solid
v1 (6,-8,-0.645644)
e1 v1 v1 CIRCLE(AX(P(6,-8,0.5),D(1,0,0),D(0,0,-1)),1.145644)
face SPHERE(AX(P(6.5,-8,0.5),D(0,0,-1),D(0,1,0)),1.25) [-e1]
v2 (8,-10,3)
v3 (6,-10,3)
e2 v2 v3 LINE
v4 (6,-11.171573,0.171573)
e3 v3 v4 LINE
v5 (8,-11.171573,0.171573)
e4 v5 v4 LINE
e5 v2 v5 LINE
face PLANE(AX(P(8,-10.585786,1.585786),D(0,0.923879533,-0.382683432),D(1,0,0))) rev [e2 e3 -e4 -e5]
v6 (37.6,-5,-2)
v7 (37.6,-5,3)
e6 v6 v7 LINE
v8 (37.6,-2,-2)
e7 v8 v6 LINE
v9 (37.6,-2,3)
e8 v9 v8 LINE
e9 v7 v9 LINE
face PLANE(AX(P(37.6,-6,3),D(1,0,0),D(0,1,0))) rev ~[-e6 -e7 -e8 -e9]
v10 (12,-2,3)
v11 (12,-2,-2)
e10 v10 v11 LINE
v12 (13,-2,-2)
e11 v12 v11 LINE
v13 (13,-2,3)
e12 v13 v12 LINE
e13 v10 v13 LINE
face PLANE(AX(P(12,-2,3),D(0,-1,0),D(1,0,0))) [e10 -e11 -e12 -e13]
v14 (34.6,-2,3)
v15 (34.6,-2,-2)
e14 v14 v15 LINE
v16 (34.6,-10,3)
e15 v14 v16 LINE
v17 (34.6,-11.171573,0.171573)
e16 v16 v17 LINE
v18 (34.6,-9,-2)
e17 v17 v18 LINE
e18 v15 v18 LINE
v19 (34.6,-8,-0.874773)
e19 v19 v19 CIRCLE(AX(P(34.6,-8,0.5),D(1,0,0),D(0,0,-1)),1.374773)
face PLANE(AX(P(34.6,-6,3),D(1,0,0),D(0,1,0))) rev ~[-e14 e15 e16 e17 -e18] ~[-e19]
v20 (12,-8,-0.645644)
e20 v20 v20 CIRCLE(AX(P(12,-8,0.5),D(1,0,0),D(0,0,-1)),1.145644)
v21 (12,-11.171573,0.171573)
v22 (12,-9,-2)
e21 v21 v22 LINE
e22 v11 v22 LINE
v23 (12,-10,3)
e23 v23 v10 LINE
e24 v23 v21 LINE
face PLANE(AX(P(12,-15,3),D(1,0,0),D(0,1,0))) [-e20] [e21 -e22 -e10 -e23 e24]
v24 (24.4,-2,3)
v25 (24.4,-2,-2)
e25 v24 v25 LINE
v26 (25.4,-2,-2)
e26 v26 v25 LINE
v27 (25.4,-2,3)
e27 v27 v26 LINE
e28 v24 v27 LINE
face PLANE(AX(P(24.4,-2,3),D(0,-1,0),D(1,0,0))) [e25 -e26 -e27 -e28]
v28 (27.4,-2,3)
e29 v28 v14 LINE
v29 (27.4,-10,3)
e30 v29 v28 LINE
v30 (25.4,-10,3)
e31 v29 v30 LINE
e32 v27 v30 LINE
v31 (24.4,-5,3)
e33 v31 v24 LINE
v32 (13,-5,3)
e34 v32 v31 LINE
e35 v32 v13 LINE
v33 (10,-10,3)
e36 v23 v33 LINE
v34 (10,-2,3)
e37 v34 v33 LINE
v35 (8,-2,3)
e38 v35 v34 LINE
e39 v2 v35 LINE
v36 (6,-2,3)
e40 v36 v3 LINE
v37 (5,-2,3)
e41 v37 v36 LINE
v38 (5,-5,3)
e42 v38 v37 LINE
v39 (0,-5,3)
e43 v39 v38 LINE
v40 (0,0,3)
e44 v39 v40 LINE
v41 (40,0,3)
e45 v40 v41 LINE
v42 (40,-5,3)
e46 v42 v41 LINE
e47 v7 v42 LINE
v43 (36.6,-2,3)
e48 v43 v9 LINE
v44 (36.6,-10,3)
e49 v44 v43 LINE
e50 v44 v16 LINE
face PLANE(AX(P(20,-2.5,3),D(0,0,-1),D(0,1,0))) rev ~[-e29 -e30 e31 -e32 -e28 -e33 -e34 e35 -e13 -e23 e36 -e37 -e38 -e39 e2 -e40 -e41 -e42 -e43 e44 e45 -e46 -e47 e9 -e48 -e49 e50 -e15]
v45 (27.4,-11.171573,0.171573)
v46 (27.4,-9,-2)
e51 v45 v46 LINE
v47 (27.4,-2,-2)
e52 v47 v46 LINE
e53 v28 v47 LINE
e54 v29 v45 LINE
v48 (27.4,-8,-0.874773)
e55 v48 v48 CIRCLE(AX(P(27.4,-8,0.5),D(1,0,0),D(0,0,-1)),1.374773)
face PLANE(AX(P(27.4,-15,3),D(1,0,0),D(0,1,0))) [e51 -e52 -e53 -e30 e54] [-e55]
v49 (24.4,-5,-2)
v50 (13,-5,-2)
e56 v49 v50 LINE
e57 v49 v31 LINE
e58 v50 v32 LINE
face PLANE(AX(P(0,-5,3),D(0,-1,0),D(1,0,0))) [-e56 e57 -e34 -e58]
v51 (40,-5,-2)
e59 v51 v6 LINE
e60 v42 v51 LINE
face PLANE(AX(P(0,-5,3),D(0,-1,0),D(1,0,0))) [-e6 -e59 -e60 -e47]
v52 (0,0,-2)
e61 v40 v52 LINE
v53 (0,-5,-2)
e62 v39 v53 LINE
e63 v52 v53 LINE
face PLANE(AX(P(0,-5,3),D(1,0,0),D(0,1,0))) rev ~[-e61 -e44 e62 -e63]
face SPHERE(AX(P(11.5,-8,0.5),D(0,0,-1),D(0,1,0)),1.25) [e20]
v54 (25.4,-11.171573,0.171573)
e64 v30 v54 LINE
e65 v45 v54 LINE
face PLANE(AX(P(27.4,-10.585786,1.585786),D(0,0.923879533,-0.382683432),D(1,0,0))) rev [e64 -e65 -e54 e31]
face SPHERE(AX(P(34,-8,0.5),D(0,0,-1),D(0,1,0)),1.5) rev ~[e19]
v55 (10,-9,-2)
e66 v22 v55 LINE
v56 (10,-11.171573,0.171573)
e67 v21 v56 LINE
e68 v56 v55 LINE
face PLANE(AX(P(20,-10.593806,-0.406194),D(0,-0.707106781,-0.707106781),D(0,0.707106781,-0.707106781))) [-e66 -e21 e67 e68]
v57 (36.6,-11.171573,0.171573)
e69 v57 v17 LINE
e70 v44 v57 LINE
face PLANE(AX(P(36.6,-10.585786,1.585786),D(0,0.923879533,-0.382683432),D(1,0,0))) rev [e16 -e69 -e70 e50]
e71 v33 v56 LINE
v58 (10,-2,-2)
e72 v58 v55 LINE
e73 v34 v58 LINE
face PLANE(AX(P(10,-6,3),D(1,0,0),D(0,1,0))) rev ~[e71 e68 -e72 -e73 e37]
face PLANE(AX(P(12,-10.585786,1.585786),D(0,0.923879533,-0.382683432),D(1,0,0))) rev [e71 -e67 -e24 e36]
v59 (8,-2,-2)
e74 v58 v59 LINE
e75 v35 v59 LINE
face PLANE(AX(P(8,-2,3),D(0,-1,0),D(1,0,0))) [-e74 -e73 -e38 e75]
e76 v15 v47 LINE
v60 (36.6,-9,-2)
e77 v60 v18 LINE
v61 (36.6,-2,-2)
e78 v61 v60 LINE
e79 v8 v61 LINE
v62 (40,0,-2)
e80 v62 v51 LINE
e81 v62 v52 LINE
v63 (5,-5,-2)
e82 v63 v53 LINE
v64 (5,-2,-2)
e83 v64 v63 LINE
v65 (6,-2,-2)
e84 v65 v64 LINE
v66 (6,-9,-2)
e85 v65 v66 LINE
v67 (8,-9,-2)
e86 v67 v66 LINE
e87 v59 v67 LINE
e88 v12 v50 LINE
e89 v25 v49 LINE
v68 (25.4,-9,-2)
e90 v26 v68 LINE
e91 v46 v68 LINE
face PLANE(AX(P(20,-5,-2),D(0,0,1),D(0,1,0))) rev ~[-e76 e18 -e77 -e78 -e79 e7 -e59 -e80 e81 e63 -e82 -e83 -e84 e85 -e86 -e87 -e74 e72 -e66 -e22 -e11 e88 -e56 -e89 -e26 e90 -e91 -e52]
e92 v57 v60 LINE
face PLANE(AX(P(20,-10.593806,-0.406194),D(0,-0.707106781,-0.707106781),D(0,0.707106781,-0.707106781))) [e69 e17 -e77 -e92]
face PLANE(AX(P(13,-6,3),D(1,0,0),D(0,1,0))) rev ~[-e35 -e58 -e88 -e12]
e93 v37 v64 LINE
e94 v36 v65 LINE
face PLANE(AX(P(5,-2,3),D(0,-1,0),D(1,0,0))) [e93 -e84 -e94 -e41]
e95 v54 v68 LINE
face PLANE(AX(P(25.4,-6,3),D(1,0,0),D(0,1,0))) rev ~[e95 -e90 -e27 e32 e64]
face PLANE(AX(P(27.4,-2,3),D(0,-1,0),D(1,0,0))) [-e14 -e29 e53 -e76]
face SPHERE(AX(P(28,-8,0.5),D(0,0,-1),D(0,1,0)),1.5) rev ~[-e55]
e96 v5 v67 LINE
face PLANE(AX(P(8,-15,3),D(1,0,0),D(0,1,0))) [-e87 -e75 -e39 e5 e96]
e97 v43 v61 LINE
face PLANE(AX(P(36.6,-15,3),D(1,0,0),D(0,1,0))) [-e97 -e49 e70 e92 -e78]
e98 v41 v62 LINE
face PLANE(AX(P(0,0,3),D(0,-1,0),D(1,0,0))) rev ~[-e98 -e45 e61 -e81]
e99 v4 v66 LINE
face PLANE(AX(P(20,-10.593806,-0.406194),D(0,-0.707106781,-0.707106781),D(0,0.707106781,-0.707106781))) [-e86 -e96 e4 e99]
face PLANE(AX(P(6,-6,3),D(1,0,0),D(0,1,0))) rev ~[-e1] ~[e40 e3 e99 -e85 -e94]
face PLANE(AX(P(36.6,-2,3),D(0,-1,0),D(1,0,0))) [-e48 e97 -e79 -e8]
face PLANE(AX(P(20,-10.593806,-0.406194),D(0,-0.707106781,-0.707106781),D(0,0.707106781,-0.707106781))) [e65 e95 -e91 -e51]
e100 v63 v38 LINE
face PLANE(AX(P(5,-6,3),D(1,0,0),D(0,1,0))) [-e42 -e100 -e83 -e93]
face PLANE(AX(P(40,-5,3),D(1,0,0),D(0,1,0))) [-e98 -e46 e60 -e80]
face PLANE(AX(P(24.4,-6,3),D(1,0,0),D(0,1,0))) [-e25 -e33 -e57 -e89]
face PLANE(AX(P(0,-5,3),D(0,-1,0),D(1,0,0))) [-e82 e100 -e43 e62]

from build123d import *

# Parameters (mm, degrees)
BOX118_W               = 12
BOX118_H               = 44
BOX118_DEPTH           = 10
BOX114_W               = 4
BOX114_H               = 1
BOX114_DEPTH           = 7
BOX116_W               = 4
BOX116_H               = 1
BOX116_DEPTH           = 7
BOX113_W               = 4
BOX113_H               = 2
BOX113_DEPTH           = 7
BOX115_W               = 4
BOX115_H               = 1
BOX115_DEPTH           = 7
BOX112_W               = 4
BOX112_H               = 1
BOX112_DEPTH           = 7
BOX117_W               = 4
BOX117_H               = 7.2
BOX117_DEPTH           = 7
BOX111_W               = 13
BOX111_H               = 40
BOX111_DEPTH           = 10
BOX111_PITCH_ANGLE     = -45
BOX110_W               = 10
BOX110_H               = 2
BOX110_DEPTH           = 7
BOX109_W               = 10
BOX109_H               = 2
BOX109_DEPTH           = 7
BOX108_W               = 10
BOX108_H               = 2
BOX108_DEPTH           = 7
BOX106_W               = 10
BOX106_H               = 2
BOX106_DEPTH           = 7
BOX107_W               = 5
BOX107_H               = 40
BOX107_DEPTH           = 7
CHAMFER010_SIZE        = 4
CUT031_PLACEMENT_ANGLE = 180
CUT032_PLACEMENT_ANGLE = 90


with BuildPart() as cube102:
    # Box118 → Box118 (new body)
    with BuildSketch(Plane(origin=(-11, -2, -12), x_dir=(1, 0, 0), z_dir=(0, 0, 1))):
        with Locations((6, 22)):
            Rectangle(BOX118_W, BOX118_H)
    extrude(amount=BOX118_DEPTH)


with BuildPart() as cube098:
    # Box114 → Box114 (new body)
    with BuildSketch(Plane(origin=(-1, 12, 0), x_dir=(1, 0, 0), z_dir=(0, 0, 1))):
        with Locations((2, 0.5)):
            Rectangle(BOX114_W, BOX114_H)
    extrude(amount=BOX114_DEPTH)


with BuildPart() as cube100:
    # Box116 → Box116 (new body)
    with BuildSketch(Plane(origin=(-1, 36.6, 0), x_dir=(1, 0, 0), z_dir=(0, 0, 1))):
        with Locations((2, 0.5)):
            Rectangle(BOX116_W, BOX116_H)
    extrude(amount=BOX116_DEPTH)


with BuildPart() as cube097:
    # Box113 → Box113 (new body)
    with BuildSketch(Plane(origin=(-1, 8, 0), x_dir=(1, 0, 0), z_dir=(0, 0, 1))):
        with Locations((2, 1)):
            Rectangle(BOX113_W, BOX113_H)
    extrude(amount=BOX113_DEPTH)


with BuildPart() as cube099:
    # Box115 → Box115 (new body)
    with BuildSketch(Plane(origin=(-1, 24.4, 0), x_dir=(1, 0, 0), z_dir=(0, 0, 1))):
        with Locations((2, 0.5)):
            Rectangle(BOX115_W, BOX115_H)
    extrude(amount=BOX115_DEPTH)


with BuildPart() as cube096:
    # Box112 → Box112 (new body)
    with BuildSketch(Plane(origin=(-1, 5, 0), x_dir=(1, 0, 0), z_dir=(0, 0, 1))):
        with Locations((2, 0.5)):
            Rectangle(BOX112_W, BOX112_H)
    extrude(amount=BOX112_DEPTH)


with BuildPart() as fusion037:
    # Box117 → Box117 (new body)
    with BuildSketch(Plane(origin=(-1, 27.4, 0), x_dir=(1, 0, 0), z_dir=(0, 0, 1))):
        with Locations((2, 3.6)):
            Rectangle(BOX117_W, BOX117_H)
    extrude(amount=BOX117_DEPTH)

    # Fusion037: union Cube098, Cube100, Cube097, Cube099, Cube096
    add(cube098.part)
    add(cube100.part)
    add(cube097.part)
    add(cube099.part)
    add(cube096.part)


with BuildPart() as sphere041:
    # Sphere041 → Sphere041 (revolve)
    with BuildSketch(Plane(origin=(-3, 28, 2.5), x_dir=(1, 0, 0), z_dir=(0, -1, 0))):
        with BuildLine():
            ThreePointArc((0, -1.5), (1.5, 0), (0, 1.5))
            Line((0, 1.5), (0, -1.5))
        make_face()
    revolve(axis=Axis((-3, 28, 2.5), (0, 0, 1)))


with BuildPart() as fusion036:
    # Sphere042 → Sphere042 (revolve)
    with BuildSketch(Plane(origin=(-3, 34, 2.5), x_dir=(1, 0, 0), z_dir=(0, -1, 0))):
        with BuildLine():
            ThreePointArc((0, -1.5), (1.5, 0), (0, 1.5))
            Line((0, 1.5), (0, -1.5))
        make_face()
    revolve(axis=Axis((-3, 34, 2.5), (0, 0, 1)))

    # Fusion036: union Sphere041
    add(sphere041.part)


with BuildPart() as sphere040:
    # Sphere040 → Sphere040 (revolve)
    with BuildSketch(Plane(origin=(-3, 11.5, 2.5), x_dir=(1, 0, 0), z_dir=(0, -1, 0))):
        with BuildLine():
            ThreePointArc((0, -1.25), (1.25, 0), (0, 1.25))
            Line((0, 1.25), (0, -1.25))
        make_face()
    revolve(axis=Axis((-3, 11.5, 2.5), (0, 0, 1)))


with BuildPart() as cube095:
    # Box111 → Box111 (new body)
    with BuildSketch(Plane.XY):
        with Locations((6.5, 20)):
            Rectangle(BOX111_W, BOX111_H)
    extrude(amount=BOX111_DEPTH)


with BuildPart() as cube095_1:
    # Box111 pitch: moved
    add(cube095.part.rotate(Axis((0, 0, 0), (0, 1, 0)), BOX111_PITCH_ANGLE))


with BuildPart() as cube095_2:
    # Box111 placement: moved
    add(cube095_1.part.moved(Location((-10.19, 0, -1.19))))


with BuildPart() as cube094:
    # Box110 → Box110 (new body)
    with BuildSketch(Plane(origin=(-10, 6, 0), x_dir=(1, 0, 0), z_dir=(0, 0, 1))):
        with Locations((5, 1)):
            Rectangle(BOX110_W, BOX110_H)
    extrude(amount=BOX110_DEPTH)


with BuildPart() as cube093:
    # Box109 → Box109 (new body)
    with BuildSketch(Plane(origin=(-10, 10, 0), x_dir=(1, 0, 0), z_dir=(0, 0, 1))):
        with Locations((5, 1)):
            Rectangle(BOX109_W, BOX109_H)
    extrude(amount=BOX109_DEPTH)


with BuildPart() as cube092:
    # Box108 → Box108 (new body)
    with BuildSketch(Plane(origin=(-10, 25.4, 0), x_dir=(1, 0, 0), z_dir=(0, 0, 1))):
        with Locations((5, 1)):
            Rectangle(BOX108_W, BOX108_H)
    extrude(amount=BOX108_DEPTH)


with BuildPart() as cube090:
    # Box106 → Box106 (new body)
    with BuildSketch(Plane(origin=(-10, 34.6, 0), x_dir=(1, 0, 0), z_dir=(0, 0, 1))):
        with Locations((5, 1)):
            Rectangle(BOX106_W, BOX106_H)
    extrude(amount=BOX106_DEPTH)


with BuildPart() as cut029:
    # Box107 → Box107 (new body)
    with BuildSketch(Plane.XY):
        with Locations((2.5, 20)):
            Rectangle(BOX107_W, BOX107_H)
    extrude(amount=BOX107_DEPTH)

    # Fusion034: union Cube094, Cube093, Cube092, Cube090
    add(cube094.part)
    add(cube093.part)
    add(cube092.part)
    add(cube090.part)

    # Cut029: cut Cube095
    add(cube095_2.part, mode=Mode.SUBTRACT)


with BuildPart() as cut032:
    # Sphere039 → Sphere039 (revolve)
    with BuildSketch(Plane(origin=(-3, 6.5, 2.5), x_dir=(1, 0, 0), z_dir=(0, -1, 0))):
        with BuildLine():
            ThreePointArc((0, -1.25), (1.25, 0), (0, 1.25))
            Line((0, 1.25), (0, -1.25))
        make_face()
    revolve(axis=Axis((-3, 6.5, 2.5), (0, 0, 1)))

    # Fusion035: union Sphere040, Cut029
    add(sphere040.part)
    add(cut029.part)

    # Cut030: cut Fusion036
    add(fusion036.part, mode=Mode.SUBTRACT)

    # Chamfer010
    chamfer010_edges = [cut032.edges().sort_by_distance(p)[0] for p in [
        (-9, 7, 0),
        (-9, 11, 0),
        (-9, 35.6, 0),
        (-9, 26.4, 0),
    ]]
    chamfer(chamfer010_edges, length=CHAMFER010_SIZE)

    # Cut031: cut Fusion037
    add(fusion037.part, mode=Mode.SUBTRACT)


with BuildPart() as cut032_1:
    # Cut031 placement: moved
    add(cut032.part.moved(Location((-5, 40, 3))).rotate(Axis((-5, 40, 3), (1, 0, 0)), CUT031_PLACEMENT_ANGLE))

    # Cut032: cut Cube102
    add(cube102.part, mode=Mode.SUBTRACT)


with BuildPart() as cut032_2:
    # Cut032 placement: moved
    add(cut032_1.part.moved(Location((40, 0, 0))).rotate(Axis((40, 0, 0), (0, 0, 1)), CUT032_PLACEMENT_ANGLE))


solid = cut032_2.part
